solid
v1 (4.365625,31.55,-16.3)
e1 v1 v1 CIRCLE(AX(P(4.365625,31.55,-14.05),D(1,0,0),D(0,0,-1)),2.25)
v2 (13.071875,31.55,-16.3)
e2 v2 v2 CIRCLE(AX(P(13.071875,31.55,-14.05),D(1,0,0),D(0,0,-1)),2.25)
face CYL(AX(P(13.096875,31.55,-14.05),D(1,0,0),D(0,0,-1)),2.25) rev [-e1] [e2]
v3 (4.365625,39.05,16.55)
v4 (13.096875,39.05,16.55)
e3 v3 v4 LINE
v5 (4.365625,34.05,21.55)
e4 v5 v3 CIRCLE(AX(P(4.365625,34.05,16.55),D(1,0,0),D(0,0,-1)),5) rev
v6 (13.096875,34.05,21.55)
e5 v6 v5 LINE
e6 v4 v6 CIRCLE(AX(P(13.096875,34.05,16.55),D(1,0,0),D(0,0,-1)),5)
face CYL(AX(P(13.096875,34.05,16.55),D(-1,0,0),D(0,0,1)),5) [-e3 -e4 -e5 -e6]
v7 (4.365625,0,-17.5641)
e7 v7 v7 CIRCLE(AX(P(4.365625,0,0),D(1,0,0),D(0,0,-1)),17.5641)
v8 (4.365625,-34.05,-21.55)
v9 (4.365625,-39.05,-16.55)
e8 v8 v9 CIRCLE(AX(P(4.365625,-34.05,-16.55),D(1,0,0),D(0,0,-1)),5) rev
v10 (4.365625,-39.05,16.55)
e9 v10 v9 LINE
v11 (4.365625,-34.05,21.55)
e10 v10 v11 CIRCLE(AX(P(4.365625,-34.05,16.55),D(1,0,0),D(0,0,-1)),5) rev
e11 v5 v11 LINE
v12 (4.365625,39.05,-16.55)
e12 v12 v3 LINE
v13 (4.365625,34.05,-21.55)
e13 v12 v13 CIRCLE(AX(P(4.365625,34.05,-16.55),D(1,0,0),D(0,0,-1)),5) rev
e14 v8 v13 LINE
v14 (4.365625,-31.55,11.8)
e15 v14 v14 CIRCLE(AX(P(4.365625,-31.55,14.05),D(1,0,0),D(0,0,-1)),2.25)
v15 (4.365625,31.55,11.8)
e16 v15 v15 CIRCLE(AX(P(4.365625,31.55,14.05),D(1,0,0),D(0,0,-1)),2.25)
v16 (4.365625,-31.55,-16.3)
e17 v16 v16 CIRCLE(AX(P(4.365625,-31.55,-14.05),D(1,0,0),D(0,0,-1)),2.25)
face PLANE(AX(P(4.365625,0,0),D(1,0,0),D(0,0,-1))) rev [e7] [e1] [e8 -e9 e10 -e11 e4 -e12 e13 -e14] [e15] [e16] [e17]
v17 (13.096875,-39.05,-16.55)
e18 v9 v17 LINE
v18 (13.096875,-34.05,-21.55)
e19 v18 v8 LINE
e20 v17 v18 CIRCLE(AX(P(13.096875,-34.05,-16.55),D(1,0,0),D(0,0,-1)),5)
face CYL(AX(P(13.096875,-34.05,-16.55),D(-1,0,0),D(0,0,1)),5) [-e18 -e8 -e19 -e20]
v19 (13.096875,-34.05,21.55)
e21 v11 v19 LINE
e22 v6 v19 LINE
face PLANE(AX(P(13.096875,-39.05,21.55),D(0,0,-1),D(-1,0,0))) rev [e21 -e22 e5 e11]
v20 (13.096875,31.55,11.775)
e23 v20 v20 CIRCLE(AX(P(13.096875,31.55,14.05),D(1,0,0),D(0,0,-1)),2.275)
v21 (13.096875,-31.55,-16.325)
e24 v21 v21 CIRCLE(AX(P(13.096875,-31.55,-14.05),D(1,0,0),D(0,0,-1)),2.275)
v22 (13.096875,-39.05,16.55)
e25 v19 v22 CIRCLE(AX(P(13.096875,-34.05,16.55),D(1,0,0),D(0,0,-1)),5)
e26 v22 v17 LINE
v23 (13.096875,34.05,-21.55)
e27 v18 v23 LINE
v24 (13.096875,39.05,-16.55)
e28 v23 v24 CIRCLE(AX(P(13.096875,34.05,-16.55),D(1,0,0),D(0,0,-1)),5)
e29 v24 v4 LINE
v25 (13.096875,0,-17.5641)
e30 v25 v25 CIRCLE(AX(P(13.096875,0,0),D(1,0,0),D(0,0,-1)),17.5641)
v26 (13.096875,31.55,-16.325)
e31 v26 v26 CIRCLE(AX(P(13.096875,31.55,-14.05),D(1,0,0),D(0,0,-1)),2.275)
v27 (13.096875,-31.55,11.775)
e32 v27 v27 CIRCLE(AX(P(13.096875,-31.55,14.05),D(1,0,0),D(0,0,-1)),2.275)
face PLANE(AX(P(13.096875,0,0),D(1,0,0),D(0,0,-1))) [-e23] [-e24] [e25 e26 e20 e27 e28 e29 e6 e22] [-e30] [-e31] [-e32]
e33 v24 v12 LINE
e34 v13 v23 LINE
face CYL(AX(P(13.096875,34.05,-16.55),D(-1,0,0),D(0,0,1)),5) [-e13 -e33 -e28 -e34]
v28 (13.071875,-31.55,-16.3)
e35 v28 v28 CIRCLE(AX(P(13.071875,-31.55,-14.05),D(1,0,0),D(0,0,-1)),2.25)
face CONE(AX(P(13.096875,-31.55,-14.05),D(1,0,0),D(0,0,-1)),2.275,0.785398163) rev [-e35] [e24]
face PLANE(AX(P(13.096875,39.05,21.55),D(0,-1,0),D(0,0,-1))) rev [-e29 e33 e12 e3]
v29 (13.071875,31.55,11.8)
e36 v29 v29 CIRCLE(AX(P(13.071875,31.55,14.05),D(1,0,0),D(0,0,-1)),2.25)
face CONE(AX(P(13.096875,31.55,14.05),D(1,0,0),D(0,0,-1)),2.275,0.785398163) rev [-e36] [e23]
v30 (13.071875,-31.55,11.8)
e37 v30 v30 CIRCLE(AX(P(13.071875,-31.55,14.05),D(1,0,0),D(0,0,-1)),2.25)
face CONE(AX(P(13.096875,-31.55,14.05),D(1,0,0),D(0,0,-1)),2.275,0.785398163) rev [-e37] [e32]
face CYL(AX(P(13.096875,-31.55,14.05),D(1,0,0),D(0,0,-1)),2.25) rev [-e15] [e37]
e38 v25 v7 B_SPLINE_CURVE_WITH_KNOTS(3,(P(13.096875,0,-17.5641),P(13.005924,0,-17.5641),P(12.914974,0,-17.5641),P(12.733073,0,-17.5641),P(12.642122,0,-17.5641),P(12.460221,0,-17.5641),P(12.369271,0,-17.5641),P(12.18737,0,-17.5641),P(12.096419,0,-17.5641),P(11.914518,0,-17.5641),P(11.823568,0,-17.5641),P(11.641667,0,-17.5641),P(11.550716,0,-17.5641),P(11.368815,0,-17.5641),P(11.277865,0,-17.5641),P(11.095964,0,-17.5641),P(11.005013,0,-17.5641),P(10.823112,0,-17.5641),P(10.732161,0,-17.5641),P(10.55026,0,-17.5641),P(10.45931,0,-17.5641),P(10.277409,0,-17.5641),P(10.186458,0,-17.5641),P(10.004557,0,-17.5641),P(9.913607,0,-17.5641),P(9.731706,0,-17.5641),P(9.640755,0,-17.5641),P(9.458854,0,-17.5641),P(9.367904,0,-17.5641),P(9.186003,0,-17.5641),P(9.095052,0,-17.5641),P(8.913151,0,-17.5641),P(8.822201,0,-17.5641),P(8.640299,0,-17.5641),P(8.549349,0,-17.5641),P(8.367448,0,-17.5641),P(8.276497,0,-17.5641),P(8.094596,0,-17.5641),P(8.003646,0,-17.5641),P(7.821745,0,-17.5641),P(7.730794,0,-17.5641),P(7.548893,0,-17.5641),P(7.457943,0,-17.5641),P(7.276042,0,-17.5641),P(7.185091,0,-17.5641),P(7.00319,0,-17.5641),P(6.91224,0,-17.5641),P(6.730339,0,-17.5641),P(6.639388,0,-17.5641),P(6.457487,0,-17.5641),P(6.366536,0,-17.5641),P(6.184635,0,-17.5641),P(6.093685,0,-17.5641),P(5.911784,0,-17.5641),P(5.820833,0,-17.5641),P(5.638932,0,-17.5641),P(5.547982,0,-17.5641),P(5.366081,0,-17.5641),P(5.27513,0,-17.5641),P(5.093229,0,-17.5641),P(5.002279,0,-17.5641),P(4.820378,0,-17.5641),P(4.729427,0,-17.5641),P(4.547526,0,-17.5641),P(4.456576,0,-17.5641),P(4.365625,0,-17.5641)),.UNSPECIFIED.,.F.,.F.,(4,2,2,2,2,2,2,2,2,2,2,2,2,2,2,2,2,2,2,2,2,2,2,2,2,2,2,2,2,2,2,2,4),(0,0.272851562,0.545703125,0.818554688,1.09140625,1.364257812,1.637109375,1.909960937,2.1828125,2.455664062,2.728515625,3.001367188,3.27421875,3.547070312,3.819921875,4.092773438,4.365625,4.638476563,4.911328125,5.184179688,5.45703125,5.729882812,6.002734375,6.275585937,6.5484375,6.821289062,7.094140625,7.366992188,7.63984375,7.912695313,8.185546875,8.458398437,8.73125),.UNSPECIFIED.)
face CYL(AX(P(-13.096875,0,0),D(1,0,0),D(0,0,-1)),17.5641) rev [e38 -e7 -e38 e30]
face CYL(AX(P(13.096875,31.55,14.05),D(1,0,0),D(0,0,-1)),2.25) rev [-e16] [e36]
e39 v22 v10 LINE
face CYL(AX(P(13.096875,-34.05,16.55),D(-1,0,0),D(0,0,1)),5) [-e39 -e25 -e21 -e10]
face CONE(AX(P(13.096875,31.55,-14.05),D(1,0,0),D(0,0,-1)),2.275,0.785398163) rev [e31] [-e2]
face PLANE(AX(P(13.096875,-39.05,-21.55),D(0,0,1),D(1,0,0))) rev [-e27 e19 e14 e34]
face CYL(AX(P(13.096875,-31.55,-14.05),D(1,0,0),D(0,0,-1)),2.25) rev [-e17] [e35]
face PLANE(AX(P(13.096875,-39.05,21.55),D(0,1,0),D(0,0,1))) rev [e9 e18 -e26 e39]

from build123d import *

# Parameters (mm, degrees)
SKETCH1_R                               = 2.25
SKETCH1_R_2                             = 17.5641
BOSS_EXTRUDE1_DEPTH                     = 4.365625
SKETCH2_W                               = 78.1
SKETCH2_H                               = 43.1
BOSS_EXTRUDE2_DEPTH                     = 8.73125
M4_CLEARANCE_HOLE2_AT_2_COUNT           = 2
M4_CLEARANCE_HOLE2_AT_2_PITCH           = 28.1
M4_CLEARANCE_HOLE2_AT_3_COUNT           = 2
M4_CLEARANCE_HOLE2_AT_3_PITCH           = 69.07401827
M4_CLEARANCE_HOLE2_AT_4_COUNT           = 2
M4_CLEARANCE_HOLE2_AT_4_PITCH           = 63.1
SKETCH24_W                              = 78.1
SKETCH24_H                              = 43.1
BOSS_EXTRUDE3_DEPTH                     = 8.73125
TAP_DRILL_FOR_M4X0_7_TAP1_AT_2_COUNT    = 2
TAP_DRILL_FOR_M4X0_7_TAP1_AT_2_PITCH    = 28.1
TAP_DRILL_FOR_M4X0_7_TAP1_AT_3_COUNT    = 2
TAP_DRILL_FOR_M4X0_7_TAP1_AT_3_PITCH    = 69.07401827
TAP_DRILL_FOR_M4X0_7_TAP1_AT_4_COUNT    = 2
TAP_DRILL_FOR_M4X0_7_TAP1_AT_4_PITCH    = 63.1
TAP_DRILL_FOR_M3X0_5_TAP1_AT_2_COUNT    = 2
TAP_DRILL_FOR_M3X0_5_TAP1_AT_2_PITCH    = 36
TAP_DRILL_FOR_M3X0_5_TAP1_AT_3_COUNT    = 2
TAP_DRILL_FOR_M3X0_5_TAP1_AT_3_PITCH    = 28
TAP_DRILL_FOR_M3X0_5_TAP1_AT_4_COUNT    = 2
TAP_DRILL_FOR_M3X0_5_TAP1_AT_4_PITCH    = 45.607017004
TAP_DRILL_FOR_M2_5X0_45_TAP2_AT_2_COUNT = 2
TAP_DRILL_FOR_M2_5X0_45_TAP2_AT_2_PITCH = 15.8
SKETCH3_R                               = 17.5641
CUT_EXTRUDE3_DEPTH                      = 181.027817403
M6_CLEARANCE_HOLE2_AT_2_COUNT           = 2
M6_CLEARANCE_HOLE2_AT_2_PITCH           = 80
SKETCH14_W                              = 86.5
SKETCH14_H                              = 58.5
CUT_EXTRUDE4_DEPTH                      = 2
FILLET4_R                               = 10
M4_CLEARANCE_HOLE1_AT_2_COUNT           = 2
M4_CLEARANCE_HOLE1_AT_2_PITCH           = 14.136551913
M4_CLEARANCE_HOLE1_AT_3_COUNT           = 2
M4_CLEARANCE_HOLE1_AT_3_PITCH           = 7.068275957
M6_CLEARANCE_HOLE1_AT_2_COUNT           = 2
M6_CLEARANCE_HOLE1_AT_2_PITCH           = 25.4
FILLET5_R                               = 5
FILLET6_R                               = 5
SKETCH28_W                              = 15.5
SKETCH28_H                              = 20.75
SKETCH28_R                              = 1.5
BOSS_EXTRUDE4_DEPTH                     = 2.5
FILLET7_R                               = 1
SKETCH29_R                              = 1.5
BOSS_EXTRUDE5_DEPTH                     = 1.5
FILLET8_R                               = 0.5


with BuildPart() as part:
    # Sketch1 → Boss-Extrude1 (new, symmetric)
    with BuildSketch(Plane.YZ):
        Polygon((0, 170.95), (-50, 110.95), (-50, -79.05), (50, -79.05), (50, 110.95), align=None)
        with Locations((-26.25, -56.8)):
            Circle(SKETCH1_R, mode=Mode.SUBTRACT)
        with Locations((-26.25, -32.3)):
            Circle(SKETCH1_R, mode=Mode.SUBTRACT)
        with Locations((26.25, -56.8)):
            Circle(SKETCH1_R, mode=Mode.SUBTRACT)
        with Locations((26.25, -32.3)):
            Circle(SKETCH1_R, mode=Mode.SUBTRACT)
        Circle(SKETCH1_R_2, mode=Mode.SUBTRACT)
    extrude(amount=BOSS_EXTRUDE1_DEPTH, both=True)


with BuildPart() as body_2:
    # Sketch2 → Boss-Extrude2 (new body)
    with BuildSketch(Plane.YZ.offset(4.365625)):
        Rectangle(SKETCH2_W, SKETCH2_H)
    extrude(amount=BOSS_EXTRUDE2_DEPTH)


with BuildPart() as m4_clearance_hole2_tool:
    # Sketch23 → M4 Clearance Hole2 (revolve)
    with BuildSketch(Plane(origin=(13.096875, -31.55, 14.05), x_dir=(0, 0, -1), z_dir=(0, 1, 0))):
        Polygon((0, 0), (0, 17.4625), (2.25, 17.4625), (2.25, 0.025), (2.275, 0), align=None)
    m4_clearance_hole2 = revolve(axis=Axis((19.446875, -31.55, 14.05), (-1, 0, 0)))


with BuildPart() as part_1:
    add(part.part)

    # M4 Clearance Hole2: cut by m4_clearance_hole2_tool
    add(m4_clearance_hole2_tool.part, mode=Mode.SUBTRACT)


with BuildPart() as body_2_1:
    add(body_2.part)

    # M4 Clearance Hole2: cut by m4_clearance_hole2_tool
    add(m4_clearance_hole2_tool.part, mode=Mode.SUBTRACT)


with BuildPart() as m4_clearance_hole2_at_2_tool:
    # M4 Clearance Hole2 at 2: M4 Clearance Hole2 ×2
    with Locations(*[(0, 0, -i * M4_CLEARANCE_HOLE2_AT_2_PITCH) for i in range(1, M4_CLEARANCE_HOLE2_AT_2_COUNT)]):
        add(m4_clearance_hole2)


with BuildPart() as part_2:
    add(part_1.part)

    # M4 Clearance Hole2 at 2: cut by m4_clearance_hole2_at_2_tool
    add(m4_clearance_hole2_at_2_tool.part, mode=Mode.SUBTRACT)


with BuildPart() as body_2_2:
    add(body_2_1.part)

    # M4 Clearance Hole2 at 2: cut by m4_clearance_hole2_at_2_tool
    add(m4_clearance_hole2_at_2_tool.part, mode=Mode.SUBTRACT)


with BuildPart() as m4_clearance_hole2_at_3_tool:
    # M4 Clearance Hole2 at 3: M4 Clearance Hole2 ×2
    with Locations(*[Vector(0, 0.9135128023552276, -0.40680998012966574) * (i * M4_CLEARANCE_HOLE2_AT_3_PITCH) for i in range(1, M4_CLEARANCE_HOLE2_AT_3_COUNT)]):
        add(m4_clearance_hole2)


with BuildPart() as part_3:
    add(part_2.part)

    # M4 Clearance Hole2 at 3: cut by m4_clearance_hole2_at_3_tool
    add(m4_clearance_hole2_at_3_tool.part, mode=Mode.SUBTRACT)


with BuildPart() as body_2_3:
    add(body_2_2.part)

    # M4 Clearance Hole2 at 3: cut by m4_clearance_hole2_at_3_tool
    add(m4_clearance_hole2_at_3_tool.part, mode=Mode.SUBTRACT)


with BuildPart() as m4_clearance_hole2_at_4_tool:
    # M4 Clearance Hole2 at 4: M4 Clearance Hole2 ×2
    with Locations(*[(0, i * M4_CLEARANCE_HOLE2_AT_4_PITCH, 0) for i in range(1, M4_CLEARANCE_HOLE2_AT_4_COUNT)]):
        add(m4_clearance_hole2)


with BuildPart() as part_4:
    add(part_3.part)

    # M4 Clearance Hole2 at 4: cut by m4_clearance_hole2_at_4_tool
    add(m4_clearance_hole2_at_4_tool.part, mode=Mode.SUBTRACT)

    # Sketch7 → Tap Drill for M3x0.5 Tap1 (revolve, cut)
    with BuildSketch(Plane(origin=(4.365625, -18, -24.05), x_dir=(0, 0, -1), z_dir=(0, 1, 0))):
        Polygon((0, 0), (0, 17.4625), (1.25, 17.4625), (1.25, 0.025), (1.275, 0), align=None)
    tap_drill_for_m3x0_5_tap1 = revolve(axis=Axis((10.715625, -18, -24.05), (-1, 0, 0)), mode=Mode.SUBTRACT)

    # Tap Drill for M3x0.5 Tap1 at 2: Tap Drill for M3x0.5 Tap1 ×2
    with Locations(*[(0, i * TAP_DRILL_FOR_M3X0_5_TAP1_AT_2_PITCH, 0) for i in range(1, TAP_DRILL_FOR_M3X0_5_TAP1_AT_2_COUNT)]):
        add(tap_drill_for_m3x0_5_tap1, mode=Mode.SUBTRACT)

    # Tap Drill for M3x0.5 Tap1 at 3: Tap Drill for M3x0.5 Tap1 ×2
    with Locations(*[(0, 0, -i * TAP_DRILL_FOR_M3X0_5_TAP1_AT_3_PITCH) for i in range(1, TAP_DRILL_FOR_M3X0_5_TAP1_AT_3_COUNT)]):
        add(tap_drill_for_m3x0_5_tap1, mode=Mode.SUBTRACT)

    # Tap Drill for M3x0.5 Tap1 at 4: Tap Drill for M3x0.5 Tap1 ×2
    with Locations(*[Vector(0, 0.7893522173763264, -0.6139406135149205) * (i * TAP_DRILL_FOR_M3X0_5_TAP1_AT_4_PITCH) for i in range(1, TAP_DRILL_FOR_M3X0_5_TAP1_AT_4_COUNT)]):
        add(tap_drill_for_m3x0_5_tap1, mode=Mode.SUBTRACT)

    # Sketch10 → Tap Drill for M2.5x0.45 Tap2 (revolve, cut)
    with BuildSketch(Plane(origin=(4.365625, -41, 103.325), x_dir=(0, 0, -1), z_dir=(0, 1, 0))):
        Polygon((0, 0), (0, 17.4625), (1.025, 17.4625), (1.025, 0.025), (1.05, 0), align=None)
    tap_drill_for_m2_5x0_45_tap2 = revolve(axis=Axis((10.715625, -41, 103.325), (-1, 0, 0)), mode=Mode.SUBTRACT)

    # Tap Drill for M2.5x0.45 Tap2 at 2: Tap Drill for M2.5x0.45 Tap2 ×2
    with Locations(*[(0, 0, -i * TAP_DRILL_FOR_M2_5X0_45_TAP2_AT_2_PITCH) for i in range(1, TAP_DRILL_FOR_M2_5X0_45_TAP2_AT_2_COUNT)]):
        add(tap_drill_for_m2_5x0_45_tap2, mode=Mode.SUBTRACT)

    # Sketch12 → M6 Clearance Hole2 (revolve, cut)
    with BuildSketch(Plane(origin=(4.365625, -40, -69.05), x_dir=(0, 0, -1), z_dir=(0, 1, 0))):
        Polygon((0, 0), (0, 17.4625), (3.3, 17.4625), (3.3, 0.025), (3.325, 0), align=None)
    m6_clearance_hole2 = revolve(axis=Axis((10.715625, -40, -69.05), (-1, 0, 0)), mode=Mode.SUBTRACT)

    # M6 Clearance Hole2 at 2: M6 Clearance Hole2 ×2
    with Locations(*[(0, i * M6_CLEARANCE_HOLE2_AT_2_PITCH, 0) for i in range(1, M6_CLEARANCE_HOLE2_AT_2_COUNT)]):
        add(m6_clearance_hole2, mode=Mode.SUBTRACT)

    # Sketch14 → Cut-Extrude4 (cut)
    with BuildSketch(Plane.YZ.offset(4.365625)):
        with Locations((0, 50.8)):
            Rectangle(SKETCH14_W, SKETCH14_H)
    extrude(amount=-CUT_EXTRUDE4_DEPTH, mode=Mode.SUBTRACT)

    # Fillet4
    fillet4_edges = [part_4.edges().sort_by_distance(p)[0] for p in [
        (0, 50, -79.05),
        (0, -50, -79.05),
        (0, 50, 110.95),
        (0, 0, 170.95),
        (0, -50, 110.95),
    ]]
    fillet(fillet4_edges, radius=FILLET4_R)

    # Sketch16 → M4 Clearance Hole1 (revolve, cut)
    with BuildSketch(Plane(origin=(4.365625, 0, 155.329500648), x_dir=(0, 0, -1), z_dir=(0, 1, 0))):
        Polygon((0, 0), (0, 17.4625), (2.25, 17.4625), (2.25, 0.025), (2.275, 0), align=None)
    m4_clearance_hole1 = revolve(axis=Axis((10.715625, 0, 155.329500648), (-1, 0, 0)), mode=Mode.SUBTRACT)

    # M4 Clearance Hole1 at 2: M4 Clearance Hole1 ×2
    with Locations(*[(0, 0, -i * M4_CLEARANCE_HOLE1_AT_2_PITCH) for i in range(1, M4_CLEARANCE_HOLE1_AT_2_COUNT)]):
        add(m4_clearance_hole1, mode=Mode.SUBTRACT)

    # M4 Clearance Hole1 at 3: M4 Clearance Hole1 ×2
    with Locations(*[(0, 0, -i * M4_CLEARANCE_HOLE1_AT_3_PITCH) for i in range(1, M4_CLEARANCE_HOLE1_AT_3_COUNT)]):
        add(m4_clearance_hole1, mode=Mode.SUBTRACT)

    # Sketch21 → M6 Clearance Hole1 (revolve, cut)
    with BuildSketch(Plane(origin=(4.365625, 0, 131.273931646), x_dir=(0, 0, -1), z_dir=(0, 1, 0))):
        Polygon((0, 0), (0, 17.4625), (3.3, 17.4625), (3.3, 0.025), (3.325, 0), align=None)
    m6_clearance_hole1 = revolve(axis=Axis((10.715625, 0, 131.273931646), (-1, 0, 0)), mode=Mode.SUBTRACT)

    # M6 Clearance Hole1 at 2: M6 Clearance Hole1 ×2
    with Locations(*[(0, 0, -i * M6_CLEARANCE_HOLE1_AT_2_PITCH) for i in range(1, M6_CLEARANCE_HOLE1_AT_2_COUNT)]):
        add(m6_clearance_hole1, mode=Mode.SUBTRACT)


with BuildPart() as body_2_4:
    add(body_2_3.part)

    # M4 Clearance Hole2 at 4: cut by m4_clearance_hole2_at_4_tool
    add(m4_clearance_hole2_at_4_tool.part, mode=Mode.SUBTRACT)


with BuildPart() as body_3:
    # Sketch24 → Boss-Extrude3 (new body)
    with BuildSketch(Plane(origin=(-4.365625, 0, 0), x_dir=(0, -1, 0), z_dir=(-1, 0, 0))):
        Rectangle(SKETCH24_W, SKETCH24_H)
    extrude(amount=BOSS_EXTRUDE3_DEPTH)

    # Sketch27 → Tap Drill for M4x0.7 Tap1 (revolve, cut)
    with BuildSketch(Plane(origin=(-13.096875, 31.55, 14.05), x_dir=(0, 0, 1), z_dir=(0, 1, 0))):
        Polygon((0, 0), (0, 9.722670021), (1.65, 8.73125), (1.65, 0.025), (1.675, 0), align=None)
    tap_drill_for_m4x0_7_tap1 = revolve(axis=Axis((-19.446875, 31.55, 14.05), (1, 0, 0)), mode=Mode.SUBTRACT)

    # Tap Drill for M4x0.7 Tap1 at 2: Tap Drill for M4x0.7 Tap1 ×2
    with Locations(*[(0, 0, -i * TAP_DRILL_FOR_M4X0_7_TAP1_AT_2_PITCH) for i in range(1, TAP_DRILL_FOR_M4X0_7_TAP1_AT_2_COUNT)]):
        add(tap_drill_for_m4x0_7_tap1, mode=Mode.SUBTRACT)

    # Tap Drill for M4x0.7 Tap1 at 3: Tap Drill for M4x0.7 Tap1 ×2
    with Locations(*[Vector(0, -0.9135128023552276, -0.40680998012966574) * (i * TAP_DRILL_FOR_M4X0_7_TAP1_AT_3_PITCH) for i in range(1, TAP_DRILL_FOR_M4X0_7_TAP1_AT_3_COUNT)]):
        add(tap_drill_for_m4x0_7_tap1, mode=Mode.SUBTRACT)

    # Tap Drill for M4x0.7 Tap1 at 4: Tap Drill for M4x0.7 Tap1 ×2
    with Locations(*[(0, -i * TAP_DRILL_FOR_M4X0_7_TAP1_AT_4_PITCH, 0) for i in range(1, TAP_DRILL_FOR_M4X0_7_TAP1_AT_4_COUNT)]):
        add(tap_drill_for_m4x0_7_tap1, mode=Mode.SUBTRACT)


with BuildPart() as cut_extrude3_tool:
    # Sketch3 → Cut-Extrude3 (new, through all)
    with BuildSketch(Plane.YZ.offset(13.096875)):
        Circle(SKETCH3_R)
    extrude(amount=-CUT_EXTRUDE3_DEPTH)


with BuildPart() as body_2_5:
    add(body_2_4.part)

    # Cut-Extrude3: cut by cut_extrude3_tool
    add(cut_extrude3_tool.part, mode=Mode.SUBTRACT)

    # Fillet6
    fillet6_edges = [body_2_5.edges().sort_by_distance(p)[0] for p in [
        (8.73125, -39.05, 21.55),
        (8.73125, 39.05, -21.55),
        (8.73125, -39.05, -21.55),
        (8.73125, 39.05, 21.55),
    ]]
    fillet(fillet6_edges, radius=FILLET6_R)


with BuildPart() as body_3_1:
    add(body_3.part)

    # Cut-Extrude3: cut by cut_extrude3_tool
    add(cut_extrude3_tool.part, mode=Mode.SUBTRACT)

    # Fillet5
    fillet5_edges = [body_3_1.edges().sort_by_distance(p)[0] for p in [
        (-8.73125, -39.05, 21.55),
        (-8.73125, -39.05, -21.55),
        (-8.73125, 39.05, -21.55),
        (-8.73125, 39.05, 21.55),
    ]]
    fillet(fillet5_edges, radius=FILLET5_R)


with BuildPart() as body_4:
    # Sketch28 → Boss-Extrude4 (new body)
    with BuildSketch(Plane.YZ.offset(4.365625)):
        with Locations((-46.275, 95.425)):
            Rectangle(SKETCH28_W, SKETCH28_H)
        with Locations((-41, 87.525)):
            Circle(SKETCH28_R, mode=Mode.SUBTRACT)
        with Locations((-41, 103.325)):
            Circle(SKETCH28_R, mode=Mode.SUBTRACT)
    extrude(amount=BOSS_EXTRUDE4_DEPTH)

    # Fillet7
    fillet7_edges = [body_4.edges().sort_by_distance(p)[0] for p in [
        (5.615625, -38.525, 105.8),
        (5.615625, -38.525, 85.05),
        (5.615625, -54.025, 85.05),
        (5.615625, -54.025, 105.8),
    ]]
    fillet(fillet7_edges, radius=FILLET7_R)

    # Sketch29 → Boss-Extrude5 (add)
    with BuildSketch(Plane(origin=(4.365625, 0, 0), x_dir=(0, -1, 0), z_dir=(-1, 0, 0))):
        with Locations((52.025, 104.175)):
            Circle(SKETCH29_R)
        with Locations((52.025, 100.675)):
            Circle(SKETCH29_R)
        with Locations((52.025, 97.175)):
            Circle(SKETCH29_R)
        with Locations((52.025, 93.675)):
            Circle(SKETCH29_R)
        with Locations((52.025, 90.175)):
            Circle(SKETCH29_R)
        with Locations((52.025, 86.675)):
            Circle(SKETCH29_R)
    extrude(amount=BOSS_EXTRUDE5_DEPTH)

    # Fillet8
    fillet8_edges = [body_4.edges().sort_by_distance(p)[0] for p in [
        (2.865625, -50.525, 86.675),
        (2.865625, -50.525, 90.175),
        (2.865625, -50.525, 93.675),
        (2.865625, -50.525, 97.175),
        (2.865625, -50.525, 100.675),
        (2.865625, -50.525, 104.175),
    ]]
    fillet(fillet8_edges, radius=FILLET8_R)


solid = body_2_5.part
